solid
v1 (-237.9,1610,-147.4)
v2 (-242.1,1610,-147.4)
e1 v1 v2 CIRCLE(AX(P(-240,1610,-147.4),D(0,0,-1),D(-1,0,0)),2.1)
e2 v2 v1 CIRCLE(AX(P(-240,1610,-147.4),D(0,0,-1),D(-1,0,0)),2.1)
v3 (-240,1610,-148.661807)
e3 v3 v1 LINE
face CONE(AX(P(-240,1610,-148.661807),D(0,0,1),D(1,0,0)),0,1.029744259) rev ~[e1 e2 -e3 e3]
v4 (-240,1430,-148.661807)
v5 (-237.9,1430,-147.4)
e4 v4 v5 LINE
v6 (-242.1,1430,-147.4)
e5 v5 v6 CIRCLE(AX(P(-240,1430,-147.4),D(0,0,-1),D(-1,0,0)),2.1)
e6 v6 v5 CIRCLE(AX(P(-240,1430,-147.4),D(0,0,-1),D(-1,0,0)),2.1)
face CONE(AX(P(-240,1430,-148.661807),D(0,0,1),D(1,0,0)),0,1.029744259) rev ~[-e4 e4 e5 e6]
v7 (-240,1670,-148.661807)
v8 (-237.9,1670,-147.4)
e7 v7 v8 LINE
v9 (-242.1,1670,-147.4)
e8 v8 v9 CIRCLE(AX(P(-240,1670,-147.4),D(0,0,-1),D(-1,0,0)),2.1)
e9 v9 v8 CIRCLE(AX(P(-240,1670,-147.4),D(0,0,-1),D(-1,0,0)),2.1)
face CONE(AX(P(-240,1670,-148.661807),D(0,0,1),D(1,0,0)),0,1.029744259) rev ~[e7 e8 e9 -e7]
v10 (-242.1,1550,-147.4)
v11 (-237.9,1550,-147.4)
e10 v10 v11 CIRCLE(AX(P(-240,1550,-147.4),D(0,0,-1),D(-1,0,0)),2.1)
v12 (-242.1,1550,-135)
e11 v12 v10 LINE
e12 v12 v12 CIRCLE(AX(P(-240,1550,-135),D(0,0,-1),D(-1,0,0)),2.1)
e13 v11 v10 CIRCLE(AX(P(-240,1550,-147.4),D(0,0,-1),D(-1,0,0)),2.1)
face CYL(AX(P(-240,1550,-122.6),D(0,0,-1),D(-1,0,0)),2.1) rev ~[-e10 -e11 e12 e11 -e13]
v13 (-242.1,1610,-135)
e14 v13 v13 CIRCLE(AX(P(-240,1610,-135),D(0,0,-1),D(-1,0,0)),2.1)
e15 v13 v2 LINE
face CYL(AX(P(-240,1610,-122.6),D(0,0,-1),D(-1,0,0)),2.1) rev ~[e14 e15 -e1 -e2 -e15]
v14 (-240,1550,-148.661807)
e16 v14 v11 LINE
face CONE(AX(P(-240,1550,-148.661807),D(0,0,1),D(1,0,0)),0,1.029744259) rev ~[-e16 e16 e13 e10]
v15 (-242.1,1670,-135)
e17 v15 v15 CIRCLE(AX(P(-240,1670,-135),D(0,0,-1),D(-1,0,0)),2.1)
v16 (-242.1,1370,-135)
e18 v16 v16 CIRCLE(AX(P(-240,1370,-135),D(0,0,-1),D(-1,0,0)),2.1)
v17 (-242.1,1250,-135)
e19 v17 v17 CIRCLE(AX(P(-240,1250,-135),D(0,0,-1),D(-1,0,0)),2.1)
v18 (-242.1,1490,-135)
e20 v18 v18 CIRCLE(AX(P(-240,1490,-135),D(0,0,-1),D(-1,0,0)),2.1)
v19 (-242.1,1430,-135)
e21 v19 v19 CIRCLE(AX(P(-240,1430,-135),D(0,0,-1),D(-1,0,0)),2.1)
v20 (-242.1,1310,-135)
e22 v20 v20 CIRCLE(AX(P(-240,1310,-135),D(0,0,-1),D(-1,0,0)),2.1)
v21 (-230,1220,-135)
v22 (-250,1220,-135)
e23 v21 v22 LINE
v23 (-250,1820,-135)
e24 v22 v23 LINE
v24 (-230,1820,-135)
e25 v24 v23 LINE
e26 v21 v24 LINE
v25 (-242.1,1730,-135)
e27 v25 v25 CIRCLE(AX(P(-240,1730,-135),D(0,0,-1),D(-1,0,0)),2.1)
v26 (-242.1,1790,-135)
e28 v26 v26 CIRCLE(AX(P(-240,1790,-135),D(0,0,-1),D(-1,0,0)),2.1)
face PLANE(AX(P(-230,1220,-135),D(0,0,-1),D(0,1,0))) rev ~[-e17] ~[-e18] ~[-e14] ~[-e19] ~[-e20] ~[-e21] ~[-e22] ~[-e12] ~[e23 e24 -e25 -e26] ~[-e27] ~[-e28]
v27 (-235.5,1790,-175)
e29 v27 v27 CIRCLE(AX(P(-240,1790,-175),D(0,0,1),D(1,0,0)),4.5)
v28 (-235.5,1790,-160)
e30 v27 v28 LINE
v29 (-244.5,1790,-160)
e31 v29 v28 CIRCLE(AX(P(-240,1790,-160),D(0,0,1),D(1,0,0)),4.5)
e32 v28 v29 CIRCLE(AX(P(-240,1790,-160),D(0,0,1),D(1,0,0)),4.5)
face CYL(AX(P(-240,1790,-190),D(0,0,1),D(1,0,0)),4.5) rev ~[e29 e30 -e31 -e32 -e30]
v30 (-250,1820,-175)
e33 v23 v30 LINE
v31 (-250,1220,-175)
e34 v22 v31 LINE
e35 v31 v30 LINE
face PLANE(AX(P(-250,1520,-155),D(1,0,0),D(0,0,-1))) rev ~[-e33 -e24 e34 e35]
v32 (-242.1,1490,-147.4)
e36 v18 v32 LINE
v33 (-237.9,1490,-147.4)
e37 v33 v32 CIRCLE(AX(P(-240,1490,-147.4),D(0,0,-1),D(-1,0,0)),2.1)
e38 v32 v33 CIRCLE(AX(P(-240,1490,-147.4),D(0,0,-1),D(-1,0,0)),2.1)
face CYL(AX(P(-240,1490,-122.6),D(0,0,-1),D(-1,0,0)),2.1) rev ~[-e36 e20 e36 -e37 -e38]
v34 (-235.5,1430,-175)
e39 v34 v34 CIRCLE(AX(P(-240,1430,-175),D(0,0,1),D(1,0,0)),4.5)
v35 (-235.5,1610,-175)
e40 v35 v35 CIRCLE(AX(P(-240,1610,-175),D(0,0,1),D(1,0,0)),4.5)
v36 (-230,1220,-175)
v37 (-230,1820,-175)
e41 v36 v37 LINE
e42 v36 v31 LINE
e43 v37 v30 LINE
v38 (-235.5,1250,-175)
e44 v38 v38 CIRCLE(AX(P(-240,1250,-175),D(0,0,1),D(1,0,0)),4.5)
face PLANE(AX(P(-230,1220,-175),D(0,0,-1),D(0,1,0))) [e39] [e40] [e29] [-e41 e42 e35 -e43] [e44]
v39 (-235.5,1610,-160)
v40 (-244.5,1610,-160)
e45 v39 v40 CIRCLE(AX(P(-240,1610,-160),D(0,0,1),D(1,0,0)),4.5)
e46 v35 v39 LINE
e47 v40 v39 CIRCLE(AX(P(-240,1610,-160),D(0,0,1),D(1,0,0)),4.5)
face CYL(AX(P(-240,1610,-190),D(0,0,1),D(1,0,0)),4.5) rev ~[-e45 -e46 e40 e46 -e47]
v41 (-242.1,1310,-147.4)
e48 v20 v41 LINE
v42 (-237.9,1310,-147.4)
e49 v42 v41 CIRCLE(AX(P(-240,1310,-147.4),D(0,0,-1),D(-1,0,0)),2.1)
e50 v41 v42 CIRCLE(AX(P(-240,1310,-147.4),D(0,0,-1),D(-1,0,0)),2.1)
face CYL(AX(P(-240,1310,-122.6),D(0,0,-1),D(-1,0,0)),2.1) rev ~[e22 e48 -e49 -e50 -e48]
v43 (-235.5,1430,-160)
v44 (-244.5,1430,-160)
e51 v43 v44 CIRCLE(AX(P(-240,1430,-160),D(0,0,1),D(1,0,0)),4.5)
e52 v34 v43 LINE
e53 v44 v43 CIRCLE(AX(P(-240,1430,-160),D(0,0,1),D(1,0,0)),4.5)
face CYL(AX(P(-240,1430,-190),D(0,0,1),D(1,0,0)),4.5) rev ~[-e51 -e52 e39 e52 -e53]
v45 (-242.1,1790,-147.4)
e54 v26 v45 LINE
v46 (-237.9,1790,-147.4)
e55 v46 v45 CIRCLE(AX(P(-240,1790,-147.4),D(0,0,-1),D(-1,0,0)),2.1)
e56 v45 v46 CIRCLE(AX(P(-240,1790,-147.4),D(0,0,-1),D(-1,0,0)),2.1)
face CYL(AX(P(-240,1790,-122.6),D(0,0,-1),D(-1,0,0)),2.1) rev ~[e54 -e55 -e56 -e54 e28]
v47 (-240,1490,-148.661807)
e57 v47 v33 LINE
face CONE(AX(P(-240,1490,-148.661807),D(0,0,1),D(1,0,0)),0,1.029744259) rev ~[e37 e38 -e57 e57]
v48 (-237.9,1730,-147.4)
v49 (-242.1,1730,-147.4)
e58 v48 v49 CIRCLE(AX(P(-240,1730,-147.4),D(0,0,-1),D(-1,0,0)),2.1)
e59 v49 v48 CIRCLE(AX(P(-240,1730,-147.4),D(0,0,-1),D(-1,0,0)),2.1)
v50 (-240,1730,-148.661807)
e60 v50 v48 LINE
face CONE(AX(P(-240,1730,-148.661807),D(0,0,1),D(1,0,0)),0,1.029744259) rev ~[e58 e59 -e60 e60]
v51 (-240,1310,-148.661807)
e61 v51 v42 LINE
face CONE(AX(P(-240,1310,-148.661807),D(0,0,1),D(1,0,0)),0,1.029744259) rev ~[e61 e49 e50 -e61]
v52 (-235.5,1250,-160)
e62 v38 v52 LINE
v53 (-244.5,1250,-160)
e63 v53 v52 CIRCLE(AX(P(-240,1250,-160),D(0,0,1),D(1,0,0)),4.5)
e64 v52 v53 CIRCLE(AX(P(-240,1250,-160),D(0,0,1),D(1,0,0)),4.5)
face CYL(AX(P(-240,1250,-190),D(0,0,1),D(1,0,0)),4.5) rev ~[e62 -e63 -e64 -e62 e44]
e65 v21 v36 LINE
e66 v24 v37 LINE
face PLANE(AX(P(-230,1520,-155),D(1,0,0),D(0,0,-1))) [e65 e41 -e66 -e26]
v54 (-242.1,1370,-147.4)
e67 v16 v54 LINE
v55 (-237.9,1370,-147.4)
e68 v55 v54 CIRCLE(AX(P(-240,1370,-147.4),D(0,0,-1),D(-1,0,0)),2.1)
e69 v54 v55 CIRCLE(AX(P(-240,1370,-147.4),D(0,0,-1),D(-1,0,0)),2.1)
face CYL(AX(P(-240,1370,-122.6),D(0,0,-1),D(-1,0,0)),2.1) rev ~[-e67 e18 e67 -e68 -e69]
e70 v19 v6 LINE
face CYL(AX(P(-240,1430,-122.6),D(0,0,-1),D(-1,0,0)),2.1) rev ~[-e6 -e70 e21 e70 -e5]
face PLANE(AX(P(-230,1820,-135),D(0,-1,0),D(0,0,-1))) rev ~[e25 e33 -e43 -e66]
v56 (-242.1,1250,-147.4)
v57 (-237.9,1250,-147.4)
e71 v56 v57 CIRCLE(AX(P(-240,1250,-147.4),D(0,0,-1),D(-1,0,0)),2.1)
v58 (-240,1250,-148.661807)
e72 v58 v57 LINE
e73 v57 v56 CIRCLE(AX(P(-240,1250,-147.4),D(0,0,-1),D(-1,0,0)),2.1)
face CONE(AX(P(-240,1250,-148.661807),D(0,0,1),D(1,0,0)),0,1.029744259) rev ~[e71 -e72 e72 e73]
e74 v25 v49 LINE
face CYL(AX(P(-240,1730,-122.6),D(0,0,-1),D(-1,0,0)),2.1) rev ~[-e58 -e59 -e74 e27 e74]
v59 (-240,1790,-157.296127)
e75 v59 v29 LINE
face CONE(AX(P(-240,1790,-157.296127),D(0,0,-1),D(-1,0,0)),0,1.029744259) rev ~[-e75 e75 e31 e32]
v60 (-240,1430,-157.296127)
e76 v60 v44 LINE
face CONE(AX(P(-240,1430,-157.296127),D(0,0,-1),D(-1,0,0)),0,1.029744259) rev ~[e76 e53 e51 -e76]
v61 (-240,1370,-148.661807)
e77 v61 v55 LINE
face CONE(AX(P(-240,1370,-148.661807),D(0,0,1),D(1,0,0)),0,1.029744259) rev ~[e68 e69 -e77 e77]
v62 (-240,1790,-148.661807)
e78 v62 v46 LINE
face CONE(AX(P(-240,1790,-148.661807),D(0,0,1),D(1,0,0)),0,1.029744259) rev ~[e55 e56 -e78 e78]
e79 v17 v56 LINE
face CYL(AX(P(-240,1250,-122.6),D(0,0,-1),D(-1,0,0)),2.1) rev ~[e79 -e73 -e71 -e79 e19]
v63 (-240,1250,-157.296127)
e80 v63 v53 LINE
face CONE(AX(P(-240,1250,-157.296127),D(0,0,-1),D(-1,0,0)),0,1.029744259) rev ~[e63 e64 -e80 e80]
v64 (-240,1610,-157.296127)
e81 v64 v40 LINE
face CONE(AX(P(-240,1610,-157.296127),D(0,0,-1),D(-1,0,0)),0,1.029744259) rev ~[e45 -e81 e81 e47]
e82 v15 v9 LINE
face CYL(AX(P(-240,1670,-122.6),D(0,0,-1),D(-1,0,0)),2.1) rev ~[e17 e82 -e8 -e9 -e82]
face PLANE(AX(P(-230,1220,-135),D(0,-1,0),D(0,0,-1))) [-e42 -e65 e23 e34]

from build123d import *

# Parameters (mm, degrees)
SKETCH_1_W                  = 40
SKETCH_1_H                  = 600
EXTRUDE_1_DEPTH             = 20
HOLE_WIZARD_9_0_9_1_D       = 9
HOLE_WIZARD_9_0_9_1_DEPTH   = 15
HOLE_WIZARD_9_0_9_1_TIP     = 2.703872786
HOLE_WIZARD_4_2_4_2_1_D     = 4.2
HOLE_WIZARD_4_2_4_2_1_DEPTH = 12.4
HOLE_WIZARD_4_2_4_2_1_TIP   = 1.2618073


with BuildPart() as part:
    # 草图1 → 凸台-拉伸1 (new body)
    with BuildSketch(Plane(origin=(-230, 0, 0), x_dir=(0, 0, -1), z_dir=(1, 0, 0))):
        with Locations((155, 1520)):
            Rectangle(SKETCH_1_W, SKETCH_1_H)
    extrude(amount=-EXTRUDE_1_DEPTH)

    # Ø9.0 (9) 直径孔1
    with Locations(Plane(origin=(0, 0, -175), x_dir=(-1, 0, 0), z_dir=(0, 0, -1))):
        with Locations((240, 1250), (240, 1430), (240, 1610), (240, 1790)):
            Hole(HOLE_WIZARD_9_0_9_1_D / 2, depth=HOLE_WIZARD_9_0_9_1_DEPTH)
            with Locations((0, 0, -(HOLE_WIZARD_9_0_9_1_DEPTH + HOLE_WIZARD_9_0_9_1_TIP / 2))):  # 118° drill point
                Cone(0, HOLE_WIZARD_9_0_9_1_D / 2, HOLE_WIZARD_9_0_9_1_TIP, mode=Mode.SUBTRACT)

    # Ø4.2 (4.2) 直径孔1
    with Locations(Plane.XY.offset(-135)):
        with Locations((-240, 1610), (-240, 1250), (-240, 1310), (-240, 1370), (-240, 1430), (-240, 1490), (-240, 1550), (-240, 1670), (-240, 1730), (-240, 1790)):
            Hole(HOLE_WIZARD_4_2_4_2_1_D / 2, depth=HOLE_WIZARD_4_2_4_2_1_DEPTH)
            with Locations((0, 0, -(HOLE_WIZARD_4_2_4_2_1_DEPTH + HOLE_WIZARD_4_2_4_2_1_TIP / 2))):  # 118° drill point
                Cone(0, HOLE_WIZARD_4_2_4_2_1_D / 2, HOLE_WIZARD_4_2_4_2_1_TIP, mode=Mode.SUBTRACT)


solid = part.part
